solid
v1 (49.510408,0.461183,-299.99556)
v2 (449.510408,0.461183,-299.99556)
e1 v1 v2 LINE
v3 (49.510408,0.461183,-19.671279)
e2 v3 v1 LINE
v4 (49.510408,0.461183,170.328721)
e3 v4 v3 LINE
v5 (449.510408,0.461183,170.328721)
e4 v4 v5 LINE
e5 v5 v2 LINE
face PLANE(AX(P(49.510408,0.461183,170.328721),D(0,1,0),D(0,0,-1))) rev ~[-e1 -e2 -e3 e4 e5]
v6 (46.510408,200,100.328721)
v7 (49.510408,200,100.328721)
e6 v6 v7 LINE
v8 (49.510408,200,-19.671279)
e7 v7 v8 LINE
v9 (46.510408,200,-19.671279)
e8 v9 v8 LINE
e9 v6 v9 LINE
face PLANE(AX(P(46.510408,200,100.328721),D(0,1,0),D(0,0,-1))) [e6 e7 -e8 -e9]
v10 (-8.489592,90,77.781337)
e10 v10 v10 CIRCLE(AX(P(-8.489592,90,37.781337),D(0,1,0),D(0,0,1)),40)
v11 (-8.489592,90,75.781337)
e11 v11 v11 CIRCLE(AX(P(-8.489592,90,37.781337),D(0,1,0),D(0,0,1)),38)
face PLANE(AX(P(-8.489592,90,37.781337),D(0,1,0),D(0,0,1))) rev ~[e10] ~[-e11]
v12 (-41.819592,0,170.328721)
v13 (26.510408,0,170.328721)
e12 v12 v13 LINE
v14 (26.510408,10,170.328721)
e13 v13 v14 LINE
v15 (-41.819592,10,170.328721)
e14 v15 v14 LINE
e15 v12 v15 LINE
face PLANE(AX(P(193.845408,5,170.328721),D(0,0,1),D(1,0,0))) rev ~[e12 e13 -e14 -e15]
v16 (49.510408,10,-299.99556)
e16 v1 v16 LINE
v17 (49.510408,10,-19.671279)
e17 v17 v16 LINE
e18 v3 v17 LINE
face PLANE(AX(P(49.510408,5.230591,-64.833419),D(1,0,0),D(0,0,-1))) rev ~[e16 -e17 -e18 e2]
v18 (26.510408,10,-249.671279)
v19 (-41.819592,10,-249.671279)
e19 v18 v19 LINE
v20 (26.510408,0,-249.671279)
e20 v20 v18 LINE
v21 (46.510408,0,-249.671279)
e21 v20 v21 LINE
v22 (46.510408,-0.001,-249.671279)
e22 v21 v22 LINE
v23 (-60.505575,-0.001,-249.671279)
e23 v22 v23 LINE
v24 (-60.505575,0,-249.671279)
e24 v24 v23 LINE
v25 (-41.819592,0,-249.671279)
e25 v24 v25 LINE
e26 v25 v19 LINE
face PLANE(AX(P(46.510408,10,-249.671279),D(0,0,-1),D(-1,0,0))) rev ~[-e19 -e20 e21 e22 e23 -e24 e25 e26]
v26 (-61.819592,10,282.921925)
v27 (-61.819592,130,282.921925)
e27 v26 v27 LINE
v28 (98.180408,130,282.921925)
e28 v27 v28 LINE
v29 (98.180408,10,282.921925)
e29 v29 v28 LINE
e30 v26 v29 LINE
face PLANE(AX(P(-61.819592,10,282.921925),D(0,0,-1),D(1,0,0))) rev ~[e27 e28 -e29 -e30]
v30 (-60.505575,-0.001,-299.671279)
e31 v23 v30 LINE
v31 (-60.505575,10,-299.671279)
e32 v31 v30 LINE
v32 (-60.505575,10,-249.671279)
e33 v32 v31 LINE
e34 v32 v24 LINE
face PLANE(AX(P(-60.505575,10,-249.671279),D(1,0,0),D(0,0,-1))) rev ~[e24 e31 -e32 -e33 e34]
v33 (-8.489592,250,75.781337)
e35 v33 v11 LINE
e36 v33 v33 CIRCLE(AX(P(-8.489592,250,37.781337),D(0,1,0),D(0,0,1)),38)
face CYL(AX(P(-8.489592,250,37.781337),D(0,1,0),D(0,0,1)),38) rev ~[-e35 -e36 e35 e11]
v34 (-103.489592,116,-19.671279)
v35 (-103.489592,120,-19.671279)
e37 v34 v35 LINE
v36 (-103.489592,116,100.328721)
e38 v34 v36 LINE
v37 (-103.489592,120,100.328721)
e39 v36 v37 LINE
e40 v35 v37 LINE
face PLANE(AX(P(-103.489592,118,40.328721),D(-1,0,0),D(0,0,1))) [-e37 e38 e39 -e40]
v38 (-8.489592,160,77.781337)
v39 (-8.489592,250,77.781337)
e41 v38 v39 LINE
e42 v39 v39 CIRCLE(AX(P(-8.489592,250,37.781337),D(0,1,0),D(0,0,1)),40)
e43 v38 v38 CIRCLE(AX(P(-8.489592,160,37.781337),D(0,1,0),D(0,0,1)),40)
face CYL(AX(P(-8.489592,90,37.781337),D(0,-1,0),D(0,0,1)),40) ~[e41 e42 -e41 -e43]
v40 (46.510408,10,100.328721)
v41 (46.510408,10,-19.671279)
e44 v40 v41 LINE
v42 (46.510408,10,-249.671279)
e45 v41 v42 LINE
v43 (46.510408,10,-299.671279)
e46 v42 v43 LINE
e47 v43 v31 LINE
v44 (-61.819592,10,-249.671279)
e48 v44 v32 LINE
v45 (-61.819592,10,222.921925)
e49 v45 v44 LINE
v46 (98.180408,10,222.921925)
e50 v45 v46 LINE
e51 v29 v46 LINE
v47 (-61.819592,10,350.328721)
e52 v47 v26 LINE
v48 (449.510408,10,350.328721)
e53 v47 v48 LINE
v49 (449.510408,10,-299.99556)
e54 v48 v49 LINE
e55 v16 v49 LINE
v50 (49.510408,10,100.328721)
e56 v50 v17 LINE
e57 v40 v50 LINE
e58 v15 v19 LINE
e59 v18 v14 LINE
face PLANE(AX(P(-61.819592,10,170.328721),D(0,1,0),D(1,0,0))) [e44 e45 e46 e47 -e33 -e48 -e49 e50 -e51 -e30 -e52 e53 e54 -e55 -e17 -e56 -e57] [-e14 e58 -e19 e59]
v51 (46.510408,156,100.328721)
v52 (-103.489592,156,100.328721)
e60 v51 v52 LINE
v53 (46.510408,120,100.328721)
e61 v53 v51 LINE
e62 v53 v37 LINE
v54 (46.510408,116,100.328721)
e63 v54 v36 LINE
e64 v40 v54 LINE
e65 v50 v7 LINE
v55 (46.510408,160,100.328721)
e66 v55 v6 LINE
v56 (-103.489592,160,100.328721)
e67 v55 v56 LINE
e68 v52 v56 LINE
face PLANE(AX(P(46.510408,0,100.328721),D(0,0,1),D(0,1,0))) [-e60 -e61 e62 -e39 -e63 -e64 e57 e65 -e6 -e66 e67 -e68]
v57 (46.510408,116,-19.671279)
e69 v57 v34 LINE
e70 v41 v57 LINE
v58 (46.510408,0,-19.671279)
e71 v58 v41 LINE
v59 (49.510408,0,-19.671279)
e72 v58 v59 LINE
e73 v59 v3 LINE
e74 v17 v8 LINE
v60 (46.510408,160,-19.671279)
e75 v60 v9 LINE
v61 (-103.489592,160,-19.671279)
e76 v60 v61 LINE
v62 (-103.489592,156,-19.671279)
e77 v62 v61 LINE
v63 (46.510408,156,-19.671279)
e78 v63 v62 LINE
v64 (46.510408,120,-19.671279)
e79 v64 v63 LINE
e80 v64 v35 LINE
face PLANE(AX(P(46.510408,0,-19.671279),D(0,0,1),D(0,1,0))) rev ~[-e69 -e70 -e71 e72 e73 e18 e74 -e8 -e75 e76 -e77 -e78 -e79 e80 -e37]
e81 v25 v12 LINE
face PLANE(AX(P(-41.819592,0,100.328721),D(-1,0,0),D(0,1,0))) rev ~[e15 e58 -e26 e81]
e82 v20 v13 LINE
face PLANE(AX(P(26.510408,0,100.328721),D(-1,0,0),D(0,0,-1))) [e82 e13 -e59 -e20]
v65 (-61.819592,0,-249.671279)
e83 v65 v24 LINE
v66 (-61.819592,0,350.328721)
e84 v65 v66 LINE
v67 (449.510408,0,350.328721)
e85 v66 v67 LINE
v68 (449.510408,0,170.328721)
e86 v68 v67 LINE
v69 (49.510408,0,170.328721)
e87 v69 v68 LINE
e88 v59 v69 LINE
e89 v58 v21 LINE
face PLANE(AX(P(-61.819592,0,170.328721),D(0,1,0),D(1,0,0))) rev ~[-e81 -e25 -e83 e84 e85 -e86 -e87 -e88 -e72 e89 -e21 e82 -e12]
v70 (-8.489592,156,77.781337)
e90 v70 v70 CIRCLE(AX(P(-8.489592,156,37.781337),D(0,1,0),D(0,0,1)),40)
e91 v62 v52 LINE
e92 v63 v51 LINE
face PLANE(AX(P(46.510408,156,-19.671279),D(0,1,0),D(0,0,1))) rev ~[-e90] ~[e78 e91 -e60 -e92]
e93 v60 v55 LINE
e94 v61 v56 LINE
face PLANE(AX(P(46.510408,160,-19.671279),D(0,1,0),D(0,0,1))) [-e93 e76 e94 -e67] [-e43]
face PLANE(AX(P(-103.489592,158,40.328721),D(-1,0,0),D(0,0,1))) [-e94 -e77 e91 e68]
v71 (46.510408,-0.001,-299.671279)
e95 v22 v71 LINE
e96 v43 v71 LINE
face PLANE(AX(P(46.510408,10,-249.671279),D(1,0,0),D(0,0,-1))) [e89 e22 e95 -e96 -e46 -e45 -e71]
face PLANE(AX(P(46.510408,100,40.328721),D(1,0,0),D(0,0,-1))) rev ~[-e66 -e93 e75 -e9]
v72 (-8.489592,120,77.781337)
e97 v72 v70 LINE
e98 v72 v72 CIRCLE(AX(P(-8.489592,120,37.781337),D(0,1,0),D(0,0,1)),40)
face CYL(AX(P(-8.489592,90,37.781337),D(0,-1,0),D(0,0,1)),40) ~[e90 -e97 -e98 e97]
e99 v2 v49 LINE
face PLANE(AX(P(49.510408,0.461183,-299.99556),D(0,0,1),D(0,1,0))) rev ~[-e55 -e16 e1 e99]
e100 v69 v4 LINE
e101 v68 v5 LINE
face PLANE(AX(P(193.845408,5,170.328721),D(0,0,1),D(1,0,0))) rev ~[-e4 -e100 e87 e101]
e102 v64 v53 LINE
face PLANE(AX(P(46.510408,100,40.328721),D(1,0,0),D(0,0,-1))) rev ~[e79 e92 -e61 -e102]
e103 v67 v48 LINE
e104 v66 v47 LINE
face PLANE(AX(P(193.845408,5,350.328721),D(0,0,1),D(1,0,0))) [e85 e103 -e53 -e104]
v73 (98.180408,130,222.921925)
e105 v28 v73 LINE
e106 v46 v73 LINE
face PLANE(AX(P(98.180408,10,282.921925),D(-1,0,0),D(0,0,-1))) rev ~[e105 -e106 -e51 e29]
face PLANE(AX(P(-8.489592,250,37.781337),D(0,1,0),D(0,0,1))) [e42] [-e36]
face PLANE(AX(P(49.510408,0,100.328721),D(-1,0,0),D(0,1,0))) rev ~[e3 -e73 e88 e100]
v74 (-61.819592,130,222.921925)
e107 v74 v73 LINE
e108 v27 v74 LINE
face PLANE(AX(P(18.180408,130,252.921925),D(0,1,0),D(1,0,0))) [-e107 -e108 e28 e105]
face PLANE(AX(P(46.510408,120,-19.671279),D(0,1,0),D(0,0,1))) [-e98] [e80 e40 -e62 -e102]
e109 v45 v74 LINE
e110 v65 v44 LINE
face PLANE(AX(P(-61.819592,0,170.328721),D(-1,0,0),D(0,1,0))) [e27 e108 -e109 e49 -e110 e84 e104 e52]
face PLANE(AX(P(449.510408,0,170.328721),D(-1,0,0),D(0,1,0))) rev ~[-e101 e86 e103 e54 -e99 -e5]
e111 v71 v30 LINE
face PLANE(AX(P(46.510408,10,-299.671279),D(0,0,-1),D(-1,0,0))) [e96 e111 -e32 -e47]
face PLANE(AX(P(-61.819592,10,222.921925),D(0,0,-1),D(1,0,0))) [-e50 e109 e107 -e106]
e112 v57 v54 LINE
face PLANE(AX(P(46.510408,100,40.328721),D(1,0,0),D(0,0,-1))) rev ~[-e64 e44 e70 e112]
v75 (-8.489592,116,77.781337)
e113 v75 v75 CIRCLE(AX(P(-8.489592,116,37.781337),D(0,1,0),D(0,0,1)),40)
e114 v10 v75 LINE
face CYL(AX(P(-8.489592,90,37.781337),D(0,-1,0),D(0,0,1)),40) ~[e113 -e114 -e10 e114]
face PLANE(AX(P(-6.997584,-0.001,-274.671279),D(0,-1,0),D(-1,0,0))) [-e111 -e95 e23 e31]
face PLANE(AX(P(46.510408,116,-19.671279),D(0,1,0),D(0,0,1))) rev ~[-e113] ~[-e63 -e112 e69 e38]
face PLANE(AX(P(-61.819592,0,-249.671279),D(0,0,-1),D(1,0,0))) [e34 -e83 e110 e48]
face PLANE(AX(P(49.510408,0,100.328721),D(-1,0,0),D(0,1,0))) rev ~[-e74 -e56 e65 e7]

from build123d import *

# Parameters (mm, degrees)
SKETCH1_W                = 20
SKETCH1_H                = 350
BOSS_EXTRUDE1_DEPTH      = 10
BOSS_EXTRUDE1_2_DEPTH    = 10
BOSS_EXTRUDE2_DEPTH      = 0.001
BOSS_EXTRUDE2_DEPTH_BACK = 10
SKETCH2_W                = 107.015982705
SKETCH2_H                = 50
SKETCH3_W                = 120
SKETCH3_H                = 200
BOSS_EXTRUDE3_DEPTH      = 3
SKETCH4_W                = 120
SKETCH4_H                = 4
BOSS_EXTRUDE4_DEPTH      = 150
SKETCH5_R                = 40
CUT_EXTRUDE1_DEPTH       = 90
BOSS_EXTRUDE5_DEPTH      = 90
BOSS_EXTRUDE5_DEPTH_BACK = 70
SKETCH6_R                = 40
SKETCH7_R                = 38
CUT_EXTRUDE2_DEPTH       = 176
SKETCH8_W                = 20
SKETCH8_H                = 10
SKETCH8_W_2              = 23
BOSS_EXTRUDE6_DEPTH      = 70
SKETCH9_W                = 470.324280976
SKETCH9_H                = 9.538817488
BOSS_EXTRUDE7_DEPTH      = 400
SKETCH10_W               = 511.33
SKETCH10_H               = 10
BOSS_EXTRUDE8_DEPTH      = 180
SKETCH11_W               = 160
SKETCH11_H               = 60
BOSS_EXTRUDE9_DEPTH      = 120


with BuildPart() as part:
    # Sketch1 → Boss-Extrude1 (new body)
    with BuildSketch(Plane(origin=(0, 0, 0), x_dir=(1, 0, 0), z_dir=(0, 1, 0))):
        with Locations((-51.819592314, 74.671278777)):
            Rectangle(SKETCH1_W, SKETCH1_H)
    extrude(amount=BOSS_EXTRUDE1_DEPTH)



with BuildPart() as body_2:
    # Sketch1 → Boss-Extrude1 2 (new body)
    with BuildSketch(Plane(origin=(0, 0, 0), x_dir=(1, 0, 0), z_dir=(0, 1, 0))):
        with Locations((36.510407686, 74.671278777)):
            Rectangle(SKETCH1_W, SKETCH1_H)
    extrude(amount=BOSS_EXTRUDE1_2_DEPTH)


with BuildPart() as part_1:
    add(part.part)

    add(body_2.part)  # Boss-Extrude2 merges body 2
    # Sketch2 → Boss-Extrude2 (add, two sides: drawn at the far end of the back side and taken through both)
    with BuildSketch(Plane(origin=(0, 0, 0), x_dir=(-1, 0, 0), z_dir=(0, -1, 0)).offset(-BOSS_EXTRUDE2_DEPTH_BACK)):
        with Locations((6.997583667, 274.671278777)):
            Rectangle(SKETCH2_W, SKETCH2_H)
    extrude(amount=BOSS_EXTRUDE2_DEPTH + BOSS_EXTRUDE2_DEPTH_BACK)

    # Sketch3 → Boss-Extrude3 (add)
    with BuildSketch(Plane(origin=(46.510407686, 0, 0), x_dir=(0, 0, -1), z_dir=(1, 0, 0))):
        with Locations((-40.328721223, 100)):
            Rectangle(SKETCH3_W, SKETCH3_H)
    extrude(amount=BOSS_EXTRUDE3_DEPTH)

    # Sketch4 → Boss-Extrude4 (add)
    with BuildSketch(Plane.ZY.offset(-46.510407686)):
        with Locations((40.328721223, 158)):
            Rectangle(SKETCH4_W, SKETCH4_H)
        with Locations((40.328721223, 118)):
            Rectangle(SKETCH4_W, SKETCH4_H)
    extrude(amount=BOSS_EXTRUDE4_DEPTH)

    # Sketch5 → Cut-Extrude1 (cut)
    with BuildSketch(Plane(origin=(0, 160, 0), x_dir=(1, 0, 0), z_dir=(0, 1, 0))):
        with Locations(Location((-8.489592314, -37.781336818, 0), (0, 0, 270))):
            Circle(SKETCH5_R)
    extrude(amount=-CUT_EXTRUDE1_DEPTH, mode=Mode.SUBTRACT)

    # Sketch6 → Boss-Extrude5 (add, two sides: drawn at the far end of the back side and taken through both)
    with BuildSketch(Plane(origin=(0, 160, 0), x_dir=(1, 0, 0), z_dir=(0, 1, 0)).offset(-BOSS_EXTRUDE5_DEPTH_BACK)):
        with Locations(Location((-8.489592314, -37.781336818, 0), (0, 0, 270))):
            Circle(SKETCH6_R)
    extrude(amount=BOSS_EXTRUDE5_DEPTH + BOSS_EXTRUDE5_DEPTH_BACK)

    # Sketch7 → Cut-Extrude2 (cut)
    with BuildSketch(Plane(origin=(0, 250, 0), x_dir=(1, 0, 0), z_dir=(0, 1, 0))):
        with Locations(Location((-8.489592314, -37.781336818, 0), (0, 0, 270))):
            Circle(SKETCH7_R)
    extrude(amount=-CUT_EXTRUDE2_DEPTH, mode=Mode.SUBTRACT)

    # Sketch8 → Boss-Extrude6 (add)
    with BuildSketch(Plane.XY.offset(100.328721223)):
        with Locations((-51.819592314, 5)):
            Rectangle(SKETCH8_W, SKETCH8_H)
        with Locations((38.010407686, 5)):
            Rectangle(SKETCH8_W_2, SKETCH8_H)
    extrude(amount=BOSS_EXTRUDE6_DEPTH)

    # Sketch9 → Boss-Extrude7 (add)
    with BuildSketch(Plane(origin=(49.510407686, 0, 0), x_dir=(0, 0, -1), z_dir=(1, 0, 0))):
        with Locations((64.833419265, 5.230591256)):
            Rectangle(SKETCH9_W, SKETCH9_H)
    extrude(amount=BOSS_EXTRUDE7_DEPTH)

    # Sketch10 → Boss-Extrude8 (add)
    with BuildSketch(Plane.XY.offset(170.328721223)):
        with Locations((193.845407686, 5)):
            Rectangle(SKETCH10_W, SKETCH10_H)
    extrude(amount=BOSS_EXTRUDE8_DEPTH)

    # Sketch11 → Boss-Extrude9 (add)
    with BuildSketch(Plane(origin=(0, 10, 0), x_dir=(1, 0, 0), z_dir=(0, 1, 0))):
        with Locations((18.180407686, -252.921925031)):
            Rectangle(SKETCH11_W, SKETCH11_H)
    extrude(amount=BOSS_EXTRUDE9_DEPTH)


solid = part_1.part
